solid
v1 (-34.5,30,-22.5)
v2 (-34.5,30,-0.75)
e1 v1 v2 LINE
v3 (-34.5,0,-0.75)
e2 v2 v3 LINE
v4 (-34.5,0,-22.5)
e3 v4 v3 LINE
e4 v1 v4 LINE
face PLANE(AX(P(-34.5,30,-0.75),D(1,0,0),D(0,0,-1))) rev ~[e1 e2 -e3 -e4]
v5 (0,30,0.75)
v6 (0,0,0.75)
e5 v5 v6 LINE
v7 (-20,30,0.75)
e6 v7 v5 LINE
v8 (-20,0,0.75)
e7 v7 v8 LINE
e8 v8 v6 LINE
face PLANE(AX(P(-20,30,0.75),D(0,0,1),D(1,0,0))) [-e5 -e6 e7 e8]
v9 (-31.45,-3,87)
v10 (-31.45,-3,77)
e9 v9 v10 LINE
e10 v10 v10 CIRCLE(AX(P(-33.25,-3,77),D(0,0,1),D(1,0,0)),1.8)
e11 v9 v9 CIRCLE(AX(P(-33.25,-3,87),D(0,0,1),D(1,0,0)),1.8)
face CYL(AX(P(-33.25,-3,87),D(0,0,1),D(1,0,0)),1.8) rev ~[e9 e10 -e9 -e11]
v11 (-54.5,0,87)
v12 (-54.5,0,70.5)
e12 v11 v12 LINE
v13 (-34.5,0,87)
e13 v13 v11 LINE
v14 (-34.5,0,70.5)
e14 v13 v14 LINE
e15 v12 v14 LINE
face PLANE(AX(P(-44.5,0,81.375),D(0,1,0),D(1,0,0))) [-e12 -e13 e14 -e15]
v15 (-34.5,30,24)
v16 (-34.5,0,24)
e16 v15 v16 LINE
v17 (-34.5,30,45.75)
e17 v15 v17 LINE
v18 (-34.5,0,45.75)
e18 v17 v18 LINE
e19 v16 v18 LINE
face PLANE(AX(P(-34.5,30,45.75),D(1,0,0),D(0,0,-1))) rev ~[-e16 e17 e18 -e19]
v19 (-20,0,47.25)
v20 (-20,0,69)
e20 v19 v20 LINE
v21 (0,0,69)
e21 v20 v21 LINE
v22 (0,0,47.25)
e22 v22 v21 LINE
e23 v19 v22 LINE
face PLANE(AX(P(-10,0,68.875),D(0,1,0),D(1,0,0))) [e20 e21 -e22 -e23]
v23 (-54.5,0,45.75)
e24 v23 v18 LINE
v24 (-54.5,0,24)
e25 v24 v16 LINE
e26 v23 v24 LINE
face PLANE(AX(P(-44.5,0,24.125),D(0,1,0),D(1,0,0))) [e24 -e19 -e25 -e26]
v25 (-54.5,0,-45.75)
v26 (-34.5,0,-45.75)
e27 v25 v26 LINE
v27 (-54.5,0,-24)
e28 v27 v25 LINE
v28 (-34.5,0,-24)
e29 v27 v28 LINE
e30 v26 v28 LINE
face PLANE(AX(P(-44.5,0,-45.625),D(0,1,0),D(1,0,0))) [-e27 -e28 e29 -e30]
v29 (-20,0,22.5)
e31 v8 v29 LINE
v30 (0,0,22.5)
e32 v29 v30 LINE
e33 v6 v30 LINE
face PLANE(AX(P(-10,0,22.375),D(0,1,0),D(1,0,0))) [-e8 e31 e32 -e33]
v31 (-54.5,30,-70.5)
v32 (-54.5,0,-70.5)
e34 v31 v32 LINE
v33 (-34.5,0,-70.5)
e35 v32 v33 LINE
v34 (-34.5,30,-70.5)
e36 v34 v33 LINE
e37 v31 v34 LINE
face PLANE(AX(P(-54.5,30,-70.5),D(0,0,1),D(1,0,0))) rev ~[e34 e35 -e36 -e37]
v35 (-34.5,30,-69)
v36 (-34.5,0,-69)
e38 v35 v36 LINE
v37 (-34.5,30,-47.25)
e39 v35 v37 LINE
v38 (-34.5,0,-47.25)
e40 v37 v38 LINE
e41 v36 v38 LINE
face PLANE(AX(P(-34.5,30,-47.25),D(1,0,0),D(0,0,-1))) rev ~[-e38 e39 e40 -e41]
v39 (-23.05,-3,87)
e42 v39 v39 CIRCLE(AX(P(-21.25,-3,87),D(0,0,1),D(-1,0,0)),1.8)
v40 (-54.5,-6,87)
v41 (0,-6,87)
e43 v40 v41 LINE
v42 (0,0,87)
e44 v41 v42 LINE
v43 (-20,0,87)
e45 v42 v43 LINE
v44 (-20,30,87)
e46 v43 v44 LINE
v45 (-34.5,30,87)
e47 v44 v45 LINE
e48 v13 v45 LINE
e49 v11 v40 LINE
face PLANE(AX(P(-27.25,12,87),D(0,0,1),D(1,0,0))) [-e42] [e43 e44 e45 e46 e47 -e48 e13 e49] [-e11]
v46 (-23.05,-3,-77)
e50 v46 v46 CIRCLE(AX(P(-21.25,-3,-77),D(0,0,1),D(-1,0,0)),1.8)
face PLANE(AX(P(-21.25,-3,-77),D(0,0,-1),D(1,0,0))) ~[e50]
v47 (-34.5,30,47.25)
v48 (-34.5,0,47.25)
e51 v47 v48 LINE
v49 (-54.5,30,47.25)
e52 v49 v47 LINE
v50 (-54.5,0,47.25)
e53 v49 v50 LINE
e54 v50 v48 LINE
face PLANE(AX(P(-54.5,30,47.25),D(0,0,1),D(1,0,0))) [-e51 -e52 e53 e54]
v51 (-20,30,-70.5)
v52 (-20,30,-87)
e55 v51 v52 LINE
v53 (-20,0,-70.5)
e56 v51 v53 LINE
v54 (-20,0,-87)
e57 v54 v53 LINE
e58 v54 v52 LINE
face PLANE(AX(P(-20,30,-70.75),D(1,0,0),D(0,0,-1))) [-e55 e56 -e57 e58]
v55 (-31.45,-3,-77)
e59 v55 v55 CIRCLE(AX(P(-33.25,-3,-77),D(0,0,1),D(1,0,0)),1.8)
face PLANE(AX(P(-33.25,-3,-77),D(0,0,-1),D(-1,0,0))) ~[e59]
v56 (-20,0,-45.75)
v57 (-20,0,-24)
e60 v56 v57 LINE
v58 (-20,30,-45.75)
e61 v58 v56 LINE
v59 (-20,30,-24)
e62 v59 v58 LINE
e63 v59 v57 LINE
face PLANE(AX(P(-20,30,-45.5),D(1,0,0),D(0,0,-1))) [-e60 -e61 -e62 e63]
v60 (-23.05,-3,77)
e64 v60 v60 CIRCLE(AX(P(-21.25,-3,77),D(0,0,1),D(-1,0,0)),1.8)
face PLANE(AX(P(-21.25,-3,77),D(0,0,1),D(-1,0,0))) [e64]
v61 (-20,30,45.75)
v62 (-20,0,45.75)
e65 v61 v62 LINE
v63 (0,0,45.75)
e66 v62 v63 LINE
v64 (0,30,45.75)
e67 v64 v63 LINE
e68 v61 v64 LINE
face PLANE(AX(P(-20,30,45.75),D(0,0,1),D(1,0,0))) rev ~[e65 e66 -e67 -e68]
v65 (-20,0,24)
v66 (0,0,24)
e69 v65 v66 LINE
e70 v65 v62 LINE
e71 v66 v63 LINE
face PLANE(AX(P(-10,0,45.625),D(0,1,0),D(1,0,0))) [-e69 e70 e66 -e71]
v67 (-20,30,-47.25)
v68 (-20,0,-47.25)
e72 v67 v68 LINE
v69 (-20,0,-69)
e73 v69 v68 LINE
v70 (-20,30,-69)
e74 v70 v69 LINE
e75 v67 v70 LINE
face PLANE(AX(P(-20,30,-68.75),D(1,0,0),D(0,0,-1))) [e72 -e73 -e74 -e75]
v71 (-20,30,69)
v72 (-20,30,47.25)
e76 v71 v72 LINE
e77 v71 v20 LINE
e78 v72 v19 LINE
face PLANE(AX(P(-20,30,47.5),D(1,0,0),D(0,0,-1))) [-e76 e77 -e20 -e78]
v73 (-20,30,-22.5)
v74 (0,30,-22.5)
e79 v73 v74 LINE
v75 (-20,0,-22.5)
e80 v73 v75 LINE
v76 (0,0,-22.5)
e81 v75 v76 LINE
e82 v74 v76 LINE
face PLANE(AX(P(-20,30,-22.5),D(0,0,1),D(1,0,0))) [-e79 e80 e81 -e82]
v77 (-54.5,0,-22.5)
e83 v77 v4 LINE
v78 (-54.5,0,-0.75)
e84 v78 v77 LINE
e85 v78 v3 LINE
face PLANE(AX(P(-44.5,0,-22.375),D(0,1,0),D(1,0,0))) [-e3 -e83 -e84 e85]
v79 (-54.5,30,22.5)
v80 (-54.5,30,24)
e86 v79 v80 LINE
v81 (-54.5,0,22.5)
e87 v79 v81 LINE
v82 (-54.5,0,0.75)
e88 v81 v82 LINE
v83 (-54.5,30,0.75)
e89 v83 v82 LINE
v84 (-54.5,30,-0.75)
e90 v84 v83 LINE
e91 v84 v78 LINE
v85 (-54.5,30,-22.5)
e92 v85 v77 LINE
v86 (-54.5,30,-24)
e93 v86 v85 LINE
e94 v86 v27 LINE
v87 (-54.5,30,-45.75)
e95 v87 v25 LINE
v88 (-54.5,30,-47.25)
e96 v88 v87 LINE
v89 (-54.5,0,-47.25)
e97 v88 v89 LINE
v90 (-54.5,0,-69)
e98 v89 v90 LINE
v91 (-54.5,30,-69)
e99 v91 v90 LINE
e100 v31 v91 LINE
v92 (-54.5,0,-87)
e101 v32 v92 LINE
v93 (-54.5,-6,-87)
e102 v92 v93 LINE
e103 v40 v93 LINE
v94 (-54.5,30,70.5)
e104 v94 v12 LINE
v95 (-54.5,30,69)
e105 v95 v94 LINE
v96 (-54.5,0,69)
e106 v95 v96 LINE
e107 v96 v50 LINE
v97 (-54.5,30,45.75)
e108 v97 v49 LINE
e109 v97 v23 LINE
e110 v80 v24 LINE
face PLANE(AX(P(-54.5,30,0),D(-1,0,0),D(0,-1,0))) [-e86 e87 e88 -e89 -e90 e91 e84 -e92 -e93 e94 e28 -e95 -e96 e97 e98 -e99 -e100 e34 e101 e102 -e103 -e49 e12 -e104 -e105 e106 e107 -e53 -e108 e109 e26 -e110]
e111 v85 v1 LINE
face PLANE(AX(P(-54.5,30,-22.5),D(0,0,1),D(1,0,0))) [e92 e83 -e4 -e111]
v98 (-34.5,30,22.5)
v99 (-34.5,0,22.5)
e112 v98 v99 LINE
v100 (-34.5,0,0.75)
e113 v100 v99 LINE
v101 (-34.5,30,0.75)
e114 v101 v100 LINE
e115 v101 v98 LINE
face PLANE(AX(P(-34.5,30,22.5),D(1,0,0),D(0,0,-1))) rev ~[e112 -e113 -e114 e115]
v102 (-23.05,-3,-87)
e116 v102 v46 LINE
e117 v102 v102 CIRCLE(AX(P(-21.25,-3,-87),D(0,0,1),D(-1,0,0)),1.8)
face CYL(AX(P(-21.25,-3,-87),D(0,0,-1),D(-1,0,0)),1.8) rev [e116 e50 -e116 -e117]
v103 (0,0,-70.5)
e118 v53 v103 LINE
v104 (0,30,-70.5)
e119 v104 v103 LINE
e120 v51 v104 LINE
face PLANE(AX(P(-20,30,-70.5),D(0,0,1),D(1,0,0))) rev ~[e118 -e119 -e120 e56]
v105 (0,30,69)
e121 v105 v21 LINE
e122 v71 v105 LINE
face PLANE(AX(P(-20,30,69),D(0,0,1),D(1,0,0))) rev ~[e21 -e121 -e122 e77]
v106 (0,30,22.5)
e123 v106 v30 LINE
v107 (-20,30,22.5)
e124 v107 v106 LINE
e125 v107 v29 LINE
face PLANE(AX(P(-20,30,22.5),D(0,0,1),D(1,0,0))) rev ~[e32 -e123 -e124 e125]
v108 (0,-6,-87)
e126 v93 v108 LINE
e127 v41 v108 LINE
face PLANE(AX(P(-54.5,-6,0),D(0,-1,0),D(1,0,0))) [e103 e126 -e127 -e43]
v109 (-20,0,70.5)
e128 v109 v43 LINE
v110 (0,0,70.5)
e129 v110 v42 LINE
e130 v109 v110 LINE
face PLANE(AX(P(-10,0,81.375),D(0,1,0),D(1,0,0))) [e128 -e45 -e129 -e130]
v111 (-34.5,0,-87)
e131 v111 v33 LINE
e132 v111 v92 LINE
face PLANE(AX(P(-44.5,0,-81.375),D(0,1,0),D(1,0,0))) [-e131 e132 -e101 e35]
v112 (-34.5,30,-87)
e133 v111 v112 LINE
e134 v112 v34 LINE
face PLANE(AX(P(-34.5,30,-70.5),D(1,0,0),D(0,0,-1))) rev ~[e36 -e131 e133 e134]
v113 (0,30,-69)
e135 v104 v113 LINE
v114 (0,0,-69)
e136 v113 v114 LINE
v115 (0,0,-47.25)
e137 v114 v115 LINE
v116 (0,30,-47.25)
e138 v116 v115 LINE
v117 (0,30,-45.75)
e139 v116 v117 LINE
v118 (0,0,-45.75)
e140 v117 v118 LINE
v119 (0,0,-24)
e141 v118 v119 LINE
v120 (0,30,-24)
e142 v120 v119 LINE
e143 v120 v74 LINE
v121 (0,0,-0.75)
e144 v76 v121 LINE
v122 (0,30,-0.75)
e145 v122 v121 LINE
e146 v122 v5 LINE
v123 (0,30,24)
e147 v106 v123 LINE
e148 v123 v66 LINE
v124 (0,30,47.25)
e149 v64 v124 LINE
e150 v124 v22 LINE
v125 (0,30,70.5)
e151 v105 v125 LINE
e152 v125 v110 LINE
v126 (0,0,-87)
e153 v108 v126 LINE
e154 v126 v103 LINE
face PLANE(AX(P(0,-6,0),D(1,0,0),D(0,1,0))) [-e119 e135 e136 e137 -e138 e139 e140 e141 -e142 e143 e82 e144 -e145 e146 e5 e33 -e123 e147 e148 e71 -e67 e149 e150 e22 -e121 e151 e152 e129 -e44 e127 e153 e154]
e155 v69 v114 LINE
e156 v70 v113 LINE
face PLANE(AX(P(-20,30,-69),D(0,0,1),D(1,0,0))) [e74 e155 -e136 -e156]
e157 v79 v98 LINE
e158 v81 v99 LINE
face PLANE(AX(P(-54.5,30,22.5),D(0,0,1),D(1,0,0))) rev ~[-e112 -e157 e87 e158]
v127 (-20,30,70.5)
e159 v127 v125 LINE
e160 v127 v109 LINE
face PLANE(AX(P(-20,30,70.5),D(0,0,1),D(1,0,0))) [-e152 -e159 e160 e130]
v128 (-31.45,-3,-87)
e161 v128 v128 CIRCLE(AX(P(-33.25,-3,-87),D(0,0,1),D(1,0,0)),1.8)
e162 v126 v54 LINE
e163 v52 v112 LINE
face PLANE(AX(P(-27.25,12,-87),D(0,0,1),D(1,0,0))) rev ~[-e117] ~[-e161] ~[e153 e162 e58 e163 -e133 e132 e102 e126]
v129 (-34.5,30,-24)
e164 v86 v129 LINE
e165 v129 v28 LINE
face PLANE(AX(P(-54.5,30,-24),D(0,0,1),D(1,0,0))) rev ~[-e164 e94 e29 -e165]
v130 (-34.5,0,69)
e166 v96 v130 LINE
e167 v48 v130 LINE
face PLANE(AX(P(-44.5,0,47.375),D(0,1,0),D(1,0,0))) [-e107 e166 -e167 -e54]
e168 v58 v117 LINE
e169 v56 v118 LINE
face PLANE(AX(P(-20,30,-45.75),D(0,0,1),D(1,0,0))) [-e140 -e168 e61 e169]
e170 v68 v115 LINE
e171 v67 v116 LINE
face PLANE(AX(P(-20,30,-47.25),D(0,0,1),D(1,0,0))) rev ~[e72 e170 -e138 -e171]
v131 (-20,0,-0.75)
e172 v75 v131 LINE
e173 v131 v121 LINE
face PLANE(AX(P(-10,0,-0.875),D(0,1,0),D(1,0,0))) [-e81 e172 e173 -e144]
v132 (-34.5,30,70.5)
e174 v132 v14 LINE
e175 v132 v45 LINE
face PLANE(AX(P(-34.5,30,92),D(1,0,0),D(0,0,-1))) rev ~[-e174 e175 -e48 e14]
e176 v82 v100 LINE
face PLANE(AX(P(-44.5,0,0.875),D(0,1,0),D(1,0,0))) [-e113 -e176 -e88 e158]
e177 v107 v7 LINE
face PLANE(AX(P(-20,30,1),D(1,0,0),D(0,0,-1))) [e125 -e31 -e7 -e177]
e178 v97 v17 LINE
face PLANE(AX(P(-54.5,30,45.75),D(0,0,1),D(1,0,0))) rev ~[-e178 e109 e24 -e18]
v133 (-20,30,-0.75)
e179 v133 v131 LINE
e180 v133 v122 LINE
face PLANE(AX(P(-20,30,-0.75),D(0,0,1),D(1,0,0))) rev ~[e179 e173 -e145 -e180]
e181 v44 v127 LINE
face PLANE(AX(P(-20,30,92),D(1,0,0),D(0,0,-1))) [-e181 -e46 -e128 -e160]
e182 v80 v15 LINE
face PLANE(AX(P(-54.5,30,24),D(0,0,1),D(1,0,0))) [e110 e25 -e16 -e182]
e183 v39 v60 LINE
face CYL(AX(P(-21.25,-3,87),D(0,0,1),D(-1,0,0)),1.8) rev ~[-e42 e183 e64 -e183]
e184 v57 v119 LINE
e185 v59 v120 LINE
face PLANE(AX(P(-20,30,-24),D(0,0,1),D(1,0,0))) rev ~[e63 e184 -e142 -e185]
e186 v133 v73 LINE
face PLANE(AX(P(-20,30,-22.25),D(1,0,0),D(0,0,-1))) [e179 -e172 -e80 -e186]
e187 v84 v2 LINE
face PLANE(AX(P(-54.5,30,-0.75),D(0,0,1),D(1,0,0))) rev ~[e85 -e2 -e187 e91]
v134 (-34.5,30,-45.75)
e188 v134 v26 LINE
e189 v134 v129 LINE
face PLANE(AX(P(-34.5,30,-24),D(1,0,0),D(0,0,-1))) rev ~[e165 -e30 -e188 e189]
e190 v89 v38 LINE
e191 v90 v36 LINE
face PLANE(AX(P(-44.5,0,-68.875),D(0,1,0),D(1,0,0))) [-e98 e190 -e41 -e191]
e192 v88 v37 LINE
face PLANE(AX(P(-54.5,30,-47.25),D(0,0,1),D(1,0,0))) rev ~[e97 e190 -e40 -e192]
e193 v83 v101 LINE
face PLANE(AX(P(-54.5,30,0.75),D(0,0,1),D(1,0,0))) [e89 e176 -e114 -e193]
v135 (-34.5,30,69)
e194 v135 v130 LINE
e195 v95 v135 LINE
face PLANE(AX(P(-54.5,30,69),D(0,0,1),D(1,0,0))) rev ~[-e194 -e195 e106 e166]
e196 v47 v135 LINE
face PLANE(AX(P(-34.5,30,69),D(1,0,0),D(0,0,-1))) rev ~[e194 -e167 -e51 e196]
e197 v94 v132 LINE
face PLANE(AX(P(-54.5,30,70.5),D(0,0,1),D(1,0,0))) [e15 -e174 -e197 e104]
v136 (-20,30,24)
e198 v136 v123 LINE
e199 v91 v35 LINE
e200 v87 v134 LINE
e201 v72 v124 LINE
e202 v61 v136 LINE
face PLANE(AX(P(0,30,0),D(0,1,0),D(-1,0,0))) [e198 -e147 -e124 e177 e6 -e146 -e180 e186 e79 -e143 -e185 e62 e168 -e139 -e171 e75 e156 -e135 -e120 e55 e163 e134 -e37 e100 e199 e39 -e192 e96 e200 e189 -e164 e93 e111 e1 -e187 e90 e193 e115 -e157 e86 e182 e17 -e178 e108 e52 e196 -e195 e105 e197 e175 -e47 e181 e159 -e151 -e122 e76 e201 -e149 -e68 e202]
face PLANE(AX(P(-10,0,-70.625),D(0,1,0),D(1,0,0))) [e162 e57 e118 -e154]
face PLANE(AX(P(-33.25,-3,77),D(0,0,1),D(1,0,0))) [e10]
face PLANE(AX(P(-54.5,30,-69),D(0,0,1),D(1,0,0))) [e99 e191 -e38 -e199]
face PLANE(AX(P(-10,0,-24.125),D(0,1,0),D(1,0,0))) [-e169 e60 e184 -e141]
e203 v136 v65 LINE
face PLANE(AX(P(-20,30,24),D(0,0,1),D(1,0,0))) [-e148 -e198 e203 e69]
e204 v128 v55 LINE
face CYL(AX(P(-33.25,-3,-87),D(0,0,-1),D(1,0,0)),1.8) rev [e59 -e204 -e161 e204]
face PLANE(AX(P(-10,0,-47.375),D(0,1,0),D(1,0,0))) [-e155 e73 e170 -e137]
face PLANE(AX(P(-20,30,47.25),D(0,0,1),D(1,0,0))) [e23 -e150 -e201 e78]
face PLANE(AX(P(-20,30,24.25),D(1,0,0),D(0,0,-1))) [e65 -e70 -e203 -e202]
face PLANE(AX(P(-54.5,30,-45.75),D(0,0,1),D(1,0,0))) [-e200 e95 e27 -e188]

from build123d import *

# Parameters (mm, degrees)
LEG_DEPTH               = 87
SKETCH5_W               = 20
SKETCH5_H               = 21.25
CELL_SLOTS_DEPTH        = 30
SKETCH6_W               = 20
SKETCH6_H               = 0.25
CELL_SLOTS_TRIM_DEPTH   = 30
SKETCH7_R               = 1.8
SCREW_HOLES_FRONT_DEPTH = 10


with BuildPart() as part:
    # Sketch1 → Leg (new, symmetric)
    with BuildSketch(Plane.XY):
        Polygon((0, -6), (0, 0), (0, 30), (-54.5, 30), (-54.5, -6), align=None)
    extrude(amount=LEG_DEPTH, both=True)

    # Sketch5 → Cell Slots (cut)
    with BuildSketch(Plane(origin=(0, 30, 0), x_dir=(1, 0, 0), z_dir=(0, 1, 0))):
        with Locations((-10, -81.375)):
            Rectangle(SKETCH5_W, SKETCH5_H)
        with Locations((-10, -58.125)):
            Rectangle(SKETCH5_W, SKETCH5_H)
        with Locations((-10, -34.875)):
            Rectangle(SKETCH5_W, SKETCH5_H)
        with Locations((-10, -11.625)):
            Rectangle(SKETCH5_W, SKETCH5_H)
        with Locations((-10, 11.625)):
            Rectangle(SKETCH5_W, SKETCH5_H)
        with Locations((-10, 34.875)):
            Rectangle(SKETCH5_W, SKETCH5_H)
        with Locations((-10, 58.125)):
            Rectangle(SKETCH5_W, SKETCH5_H)
        with Locations((-10, 81.375)):
            Rectangle(SKETCH5_W, SKETCH5_H)
        with Locations((-44.5, -81.375)):
            Rectangle(SKETCH5_W, SKETCH5_H)
        with Locations((-44.5, -58.125)):
            Rectangle(SKETCH5_W, SKETCH5_H)
        with Locations((-44.5, -34.875)):
            Rectangle(SKETCH5_W, SKETCH5_H)
        with Locations((-44.5, -11.625)):
            Rectangle(SKETCH5_W, SKETCH5_H)
        with Locations((-44.5, 11.625)):
            Rectangle(SKETCH5_W, SKETCH5_H)
        with Locations((-44.5, 34.875)):
            Rectangle(SKETCH5_W, SKETCH5_H)
        with Locations((-44.5, 58.125)):
            Rectangle(SKETCH5_W, SKETCH5_H)
        with Locations((-44.5, 81.375)):
            Rectangle(SKETCH5_W, SKETCH5_H)
    extrude(amount=-CELL_SLOTS_DEPTH, mode=Mode.SUBTRACT)

    # Sketch6 → Cell Slots Trim (cut)
    with BuildSketch(Plane(origin=(0, 30, 0), x_dir=(1, 0, 0), z_dir=(0, 1, 0))):
        with Locations((-10, -70.625)):
            Rectangle(SKETCH6_W, SKETCH6_H)
        with Locations((-10, -68.875)):
            Rectangle(SKETCH6_W, SKETCH6_H)
        with Locations((-10, -47.375)):
            Rectangle(SKETCH6_W, SKETCH6_H)
        with Locations((-10, -45.625)):
            Rectangle(SKETCH6_W, SKETCH6_H)
        with Locations((-10, -24.125)):
            Rectangle(SKETCH6_W, SKETCH6_H)
        with Locations((-10, -22.375)):
            Rectangle(SKETCH6_W, SKETCH6_H)
        with Locations((-10, -0.875)):
            Rectangle(SKETCH6_W, SKETCH6_H)
        with Locations((-10, 0.875)):
            Rectangle(SKETCH6_W, SKETCH6_H)
        with Locations((-10, 22.375)):
            Rectangle(SKETCH6_W, SKETCH6_H)
        with Locations((-10, 24.125)):
            Rectangle(SKETCH6_W, SKETCH6_H)
        with Locations((-10, 45.625)):
            Rectangle(SKETCH6_W, SKETCH6_H)
        with Locations((-10, 47.375)):
            Rectangle(SKETCH6_W, SKETCH6_H)
        with Locations((-10, 68.875)):
            Rectangle(SKETCH6_W, SKETCH6_H)
        with Locations((-10, 70.625)):
            Rectangle(SKETCH6_W, SKETCH6_H)
        with Locations((-44.5, 70.625)):
            Rectangle(SKETCH6_W, SKETCH6_H)
        with Locations((-44.5, 68.875)):
            Rectangle(SKETCH6_W, SKETCH6_H)
        with Locations((-44.5, 47.375)):
            Rectangle(SKETCH6_W, SKETCH6_H)
        with Locations((-44.5, 45.625)):
            Rectangle(SKETCH6_W, SKETCH6_H)
        with Locations((-44.5, 24.125)):
            Rectangle(SKETCH6_W, SKETCH6_H)
        with Locations((-44.5, 22.375)):
            Rectangle(SKETCH6_W, SKETCH6_H)
        with Locations((-44.5, 0.875)):
            Rectangle(SKETCH6_W, SKETCH6_H)
        with Locations((-44.5, -0.875)):
            Rectangle(SKETCH6_W, SKETCH6_H)
        with Locations((-44.5, -22.375)):
            Rectangle(SKETCH6_W, SKETCH6_H)
        with Locations((-44.5, -24.125)):
            Rectangle(SKETCH6_W, SKETCH6_H)
        with Locations((-44.5, -45.625)):
            Rectangle(SKETCH6_W, SKETCH6_H)
        with Locations((-44.5, -47.375)):
            Rectangle(SKETCH6_W, SKETCH6_H)
        with Locations((-44.5, -68.875)):
            Rectangle(SKETCH6_W, SKETCH6_H)
        with Locations((-44.5, -70.625)):
            Rectangle(SKETCH6_W, SKETCH6_H)
    extrude(amount=-CELL_SLOTS_TRIM_DEPTH, mode=Mode.SUBTRACT)

    # Sketch7 → Screw Holes Front (cut)
    with BuildSketch(Plane.XY.offset(87)):
        with Locations((-33.25, -3)):
            Circle(SKETCH7_R)
        with Locations((-21.25, -3)):
            Circle(SKETCH7_R)
    screw_holes_front = extrude(amount=-SCREW_HOLES_FRONT_DEPTH, mode=Mode.SUBTRACT)

    # Screw Holes Back: Screw Holes Front across plane
    add(screw_holes_front.mirror(Plane(origin=(0, 0, 0), x_dir=(1, 0, 0), z_dir=(0, 0, -1))), mode=Mode.SUBTRACT)


solid = part.part
